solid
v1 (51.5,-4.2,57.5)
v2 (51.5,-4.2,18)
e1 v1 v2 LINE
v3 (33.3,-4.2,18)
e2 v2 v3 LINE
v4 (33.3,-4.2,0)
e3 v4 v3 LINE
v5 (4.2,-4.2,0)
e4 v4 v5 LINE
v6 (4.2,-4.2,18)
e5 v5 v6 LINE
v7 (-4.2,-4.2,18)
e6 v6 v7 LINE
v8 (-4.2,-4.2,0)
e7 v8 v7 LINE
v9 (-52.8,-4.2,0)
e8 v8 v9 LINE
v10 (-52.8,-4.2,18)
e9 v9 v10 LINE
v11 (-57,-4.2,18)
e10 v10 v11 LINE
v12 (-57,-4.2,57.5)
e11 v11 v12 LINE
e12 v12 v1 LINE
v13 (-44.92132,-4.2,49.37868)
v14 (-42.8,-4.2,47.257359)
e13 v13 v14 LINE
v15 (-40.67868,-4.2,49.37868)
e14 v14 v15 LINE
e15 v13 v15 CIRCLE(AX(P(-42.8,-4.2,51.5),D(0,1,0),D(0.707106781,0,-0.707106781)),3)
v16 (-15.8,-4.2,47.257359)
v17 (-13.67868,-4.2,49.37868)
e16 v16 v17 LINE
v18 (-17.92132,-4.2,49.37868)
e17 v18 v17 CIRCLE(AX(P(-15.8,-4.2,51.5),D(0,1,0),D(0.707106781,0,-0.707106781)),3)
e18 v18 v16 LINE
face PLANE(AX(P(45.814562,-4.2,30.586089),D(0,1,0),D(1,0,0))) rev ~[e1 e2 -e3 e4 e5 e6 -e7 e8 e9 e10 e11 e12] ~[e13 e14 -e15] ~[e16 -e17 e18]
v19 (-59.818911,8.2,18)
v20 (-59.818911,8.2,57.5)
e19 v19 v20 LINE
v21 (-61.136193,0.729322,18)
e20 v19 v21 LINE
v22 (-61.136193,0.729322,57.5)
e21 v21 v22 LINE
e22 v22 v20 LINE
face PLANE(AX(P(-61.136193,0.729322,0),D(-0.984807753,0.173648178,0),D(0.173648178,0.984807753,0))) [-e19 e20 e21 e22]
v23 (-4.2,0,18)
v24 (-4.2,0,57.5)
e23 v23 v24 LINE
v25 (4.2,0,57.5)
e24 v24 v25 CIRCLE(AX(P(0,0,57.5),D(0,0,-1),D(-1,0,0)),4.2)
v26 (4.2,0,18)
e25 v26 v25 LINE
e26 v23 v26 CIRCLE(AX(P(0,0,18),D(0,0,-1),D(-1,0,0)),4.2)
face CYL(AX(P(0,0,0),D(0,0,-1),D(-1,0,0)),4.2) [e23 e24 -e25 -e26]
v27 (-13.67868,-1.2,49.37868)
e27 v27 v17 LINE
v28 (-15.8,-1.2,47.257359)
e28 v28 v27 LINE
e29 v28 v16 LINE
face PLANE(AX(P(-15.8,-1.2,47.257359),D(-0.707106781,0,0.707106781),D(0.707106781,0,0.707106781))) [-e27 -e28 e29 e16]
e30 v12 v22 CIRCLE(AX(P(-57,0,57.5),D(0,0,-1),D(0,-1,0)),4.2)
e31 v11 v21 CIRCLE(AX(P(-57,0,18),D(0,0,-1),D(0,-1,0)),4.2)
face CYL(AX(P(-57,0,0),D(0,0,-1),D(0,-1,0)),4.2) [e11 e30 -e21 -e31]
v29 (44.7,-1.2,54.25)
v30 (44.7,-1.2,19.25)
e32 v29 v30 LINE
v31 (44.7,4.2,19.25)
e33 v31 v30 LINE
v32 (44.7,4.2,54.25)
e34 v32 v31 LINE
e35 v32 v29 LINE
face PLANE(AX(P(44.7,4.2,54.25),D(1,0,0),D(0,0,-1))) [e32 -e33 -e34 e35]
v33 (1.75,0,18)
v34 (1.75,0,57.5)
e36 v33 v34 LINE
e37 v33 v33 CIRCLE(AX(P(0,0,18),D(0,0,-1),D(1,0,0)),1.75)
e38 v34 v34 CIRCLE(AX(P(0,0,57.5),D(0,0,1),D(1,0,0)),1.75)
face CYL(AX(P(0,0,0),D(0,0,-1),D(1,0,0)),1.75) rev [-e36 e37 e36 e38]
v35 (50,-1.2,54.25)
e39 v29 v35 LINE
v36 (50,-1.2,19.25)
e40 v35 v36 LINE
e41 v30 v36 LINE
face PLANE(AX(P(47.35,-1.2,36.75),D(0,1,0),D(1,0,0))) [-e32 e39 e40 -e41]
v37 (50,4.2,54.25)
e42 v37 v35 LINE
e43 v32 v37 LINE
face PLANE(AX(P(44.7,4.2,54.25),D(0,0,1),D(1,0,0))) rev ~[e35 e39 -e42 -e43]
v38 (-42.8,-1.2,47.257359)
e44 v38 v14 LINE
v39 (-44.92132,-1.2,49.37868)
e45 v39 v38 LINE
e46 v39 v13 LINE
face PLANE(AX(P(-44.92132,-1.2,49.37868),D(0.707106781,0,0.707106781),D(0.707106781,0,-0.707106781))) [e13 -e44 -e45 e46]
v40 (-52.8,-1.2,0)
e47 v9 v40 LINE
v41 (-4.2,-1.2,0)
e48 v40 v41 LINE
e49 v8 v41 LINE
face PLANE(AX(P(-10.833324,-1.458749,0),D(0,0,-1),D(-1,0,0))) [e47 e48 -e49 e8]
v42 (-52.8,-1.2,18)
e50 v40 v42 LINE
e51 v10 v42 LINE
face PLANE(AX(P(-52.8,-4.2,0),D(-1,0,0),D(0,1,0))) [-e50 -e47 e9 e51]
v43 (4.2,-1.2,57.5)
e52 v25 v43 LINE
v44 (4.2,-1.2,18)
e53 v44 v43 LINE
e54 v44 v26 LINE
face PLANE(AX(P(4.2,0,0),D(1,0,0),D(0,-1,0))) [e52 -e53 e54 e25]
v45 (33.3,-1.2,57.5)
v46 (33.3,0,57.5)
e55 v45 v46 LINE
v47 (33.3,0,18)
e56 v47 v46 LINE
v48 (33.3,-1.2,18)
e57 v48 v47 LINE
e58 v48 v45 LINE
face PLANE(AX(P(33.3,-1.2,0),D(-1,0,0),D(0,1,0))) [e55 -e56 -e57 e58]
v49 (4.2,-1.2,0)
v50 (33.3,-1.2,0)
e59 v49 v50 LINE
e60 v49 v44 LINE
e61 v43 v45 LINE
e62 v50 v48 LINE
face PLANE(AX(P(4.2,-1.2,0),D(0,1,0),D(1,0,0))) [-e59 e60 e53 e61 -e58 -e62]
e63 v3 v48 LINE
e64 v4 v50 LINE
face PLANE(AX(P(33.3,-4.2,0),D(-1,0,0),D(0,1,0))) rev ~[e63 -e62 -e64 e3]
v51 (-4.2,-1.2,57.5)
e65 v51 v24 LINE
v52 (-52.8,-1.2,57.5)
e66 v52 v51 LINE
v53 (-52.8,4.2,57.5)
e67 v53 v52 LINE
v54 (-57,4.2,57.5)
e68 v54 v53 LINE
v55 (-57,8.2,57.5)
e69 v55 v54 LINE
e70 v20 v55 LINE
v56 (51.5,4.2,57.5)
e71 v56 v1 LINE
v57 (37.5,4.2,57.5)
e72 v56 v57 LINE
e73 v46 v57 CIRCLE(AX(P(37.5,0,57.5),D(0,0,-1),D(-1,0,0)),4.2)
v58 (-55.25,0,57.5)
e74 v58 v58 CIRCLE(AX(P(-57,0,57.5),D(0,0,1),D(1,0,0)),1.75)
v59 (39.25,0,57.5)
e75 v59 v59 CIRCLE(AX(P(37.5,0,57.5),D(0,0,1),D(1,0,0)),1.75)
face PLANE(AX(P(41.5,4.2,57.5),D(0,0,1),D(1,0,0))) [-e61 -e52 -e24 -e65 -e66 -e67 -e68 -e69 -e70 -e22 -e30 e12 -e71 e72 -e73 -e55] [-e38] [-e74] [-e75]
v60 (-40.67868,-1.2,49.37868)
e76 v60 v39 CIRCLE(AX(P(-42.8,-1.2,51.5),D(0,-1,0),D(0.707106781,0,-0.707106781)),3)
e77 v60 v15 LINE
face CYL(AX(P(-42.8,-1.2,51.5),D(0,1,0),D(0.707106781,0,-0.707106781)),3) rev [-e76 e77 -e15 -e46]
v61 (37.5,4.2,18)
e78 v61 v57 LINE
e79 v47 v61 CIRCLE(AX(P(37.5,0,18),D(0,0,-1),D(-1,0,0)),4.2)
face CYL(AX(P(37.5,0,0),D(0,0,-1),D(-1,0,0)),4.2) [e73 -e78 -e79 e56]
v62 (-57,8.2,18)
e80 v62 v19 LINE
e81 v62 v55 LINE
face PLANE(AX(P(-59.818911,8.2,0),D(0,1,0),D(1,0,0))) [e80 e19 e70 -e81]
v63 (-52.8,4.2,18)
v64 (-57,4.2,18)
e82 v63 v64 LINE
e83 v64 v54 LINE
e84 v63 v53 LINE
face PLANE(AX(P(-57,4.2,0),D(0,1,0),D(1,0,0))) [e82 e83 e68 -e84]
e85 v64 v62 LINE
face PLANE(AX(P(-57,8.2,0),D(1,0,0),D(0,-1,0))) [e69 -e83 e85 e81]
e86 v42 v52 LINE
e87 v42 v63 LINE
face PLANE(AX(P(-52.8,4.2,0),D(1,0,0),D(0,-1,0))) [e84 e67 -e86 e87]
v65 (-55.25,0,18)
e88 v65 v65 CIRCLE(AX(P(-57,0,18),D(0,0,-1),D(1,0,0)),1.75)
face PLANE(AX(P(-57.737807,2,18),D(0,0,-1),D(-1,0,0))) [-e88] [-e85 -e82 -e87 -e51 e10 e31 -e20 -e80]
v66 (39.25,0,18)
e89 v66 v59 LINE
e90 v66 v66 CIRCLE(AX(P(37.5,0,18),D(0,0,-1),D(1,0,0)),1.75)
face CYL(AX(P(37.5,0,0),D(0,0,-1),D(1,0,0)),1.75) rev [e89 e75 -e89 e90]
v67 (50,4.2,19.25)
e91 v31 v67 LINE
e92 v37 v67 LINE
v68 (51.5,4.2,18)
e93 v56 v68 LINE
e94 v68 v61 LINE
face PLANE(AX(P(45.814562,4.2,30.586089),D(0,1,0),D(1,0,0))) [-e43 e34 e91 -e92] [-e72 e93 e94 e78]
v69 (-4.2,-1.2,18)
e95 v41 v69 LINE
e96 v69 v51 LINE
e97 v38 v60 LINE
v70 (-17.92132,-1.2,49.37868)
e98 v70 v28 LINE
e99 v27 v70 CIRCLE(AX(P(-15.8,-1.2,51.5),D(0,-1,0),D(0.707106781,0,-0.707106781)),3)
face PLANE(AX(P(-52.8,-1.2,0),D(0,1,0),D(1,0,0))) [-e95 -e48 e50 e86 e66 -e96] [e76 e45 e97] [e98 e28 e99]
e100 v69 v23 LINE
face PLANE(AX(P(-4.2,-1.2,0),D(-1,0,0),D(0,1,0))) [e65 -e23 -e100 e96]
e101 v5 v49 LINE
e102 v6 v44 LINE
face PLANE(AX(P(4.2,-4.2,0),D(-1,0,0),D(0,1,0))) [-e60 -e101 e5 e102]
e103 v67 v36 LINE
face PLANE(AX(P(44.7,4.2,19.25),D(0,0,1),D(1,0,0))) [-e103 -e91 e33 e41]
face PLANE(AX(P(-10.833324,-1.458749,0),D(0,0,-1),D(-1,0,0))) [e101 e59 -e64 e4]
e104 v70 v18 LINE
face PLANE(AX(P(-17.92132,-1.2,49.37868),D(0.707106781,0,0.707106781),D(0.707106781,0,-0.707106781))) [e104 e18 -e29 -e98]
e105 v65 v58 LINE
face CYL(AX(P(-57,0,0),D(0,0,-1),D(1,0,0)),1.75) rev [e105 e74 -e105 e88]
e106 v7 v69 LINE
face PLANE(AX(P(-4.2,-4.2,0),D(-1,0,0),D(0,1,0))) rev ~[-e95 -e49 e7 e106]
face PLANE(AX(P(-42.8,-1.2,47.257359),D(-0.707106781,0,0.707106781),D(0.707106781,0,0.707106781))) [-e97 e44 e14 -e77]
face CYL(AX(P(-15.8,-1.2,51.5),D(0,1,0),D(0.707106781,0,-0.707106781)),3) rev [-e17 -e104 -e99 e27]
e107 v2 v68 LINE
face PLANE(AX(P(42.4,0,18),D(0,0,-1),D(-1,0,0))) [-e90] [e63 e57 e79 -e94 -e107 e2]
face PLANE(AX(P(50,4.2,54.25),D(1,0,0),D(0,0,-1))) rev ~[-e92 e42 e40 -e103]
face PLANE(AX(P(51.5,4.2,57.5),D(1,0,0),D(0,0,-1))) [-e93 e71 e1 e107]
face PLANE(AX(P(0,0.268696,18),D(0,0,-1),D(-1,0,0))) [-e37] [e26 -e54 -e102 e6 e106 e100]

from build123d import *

# Parameters (mm, degrees)
SKETCH1_R           = 1.75
BOSS_EXTRUDE1_DEPTH = 57.5
BOSS_EXTRUDE2_DEPTH = 8.4
SKETCH3_W           = 5.3
SKETCH3_H           = 35
CUT_EXTRUDE1_DEPTH  = 5.4
CUT_EXTRUDE2_DEPTH  = 85.49881656
SKETCH5_W           = 18.2
SKETCH5_H           = 8.4
SKETCH5_W_2         = 8.4
SKETCH5_H_2         = 8.937392322
SKETCH5_W_3         = 9.875614017
SKETCH5_H_3         = 12.4
CUT_EXTRUDE3_DEPTH  = 18
LPATTERN1_COUNT     = 2
LPATTERN1_PITCH     = 27


with BuildPart() as part:
    # Sketch1 → Boss-Extrude1 (new body)
    with BuildSketch(Plane.XY):
        with BuildLine():
            Line((-52.8, -1.2), (-4.2, -1.2))
            Line((-4.2, -1.2), (-4.2, 0))
            ThreePointArc((-4.2, 0), (0, 4.2), (4.2, 0))
            Line((4.2, 0), (4.2, -1.2))
            Line((4.2, -1.2), (33.3, -1.2))
            Line((33.3, -1.2), (33.3, 0))
            ThreePointArc((33.3, 0), (34.530151519, 2.969848481), (37.5, 4.2))
            Line((37.5, 4.2), (41.5, 4.2))
            Line((41.5, 4.2), (41.5, -4.2))
            Line((41.5, -4.2), (-57, -4.2))
            ThreePointArc((-57, -4.2), (-60.217386661, -2.699707961), (-61.136192563, 0.729322346))
            Line((-61.136192563, 0.729322346), (-59.818910528, 8.2))
            Line((-59.818910528, 8.2), (-57, 8.2))
            Line((-57, 8.2), (-57, 4.2))
            Line((-57, 4.2), (-52.8, 4.2))
            Line((-52.8, 4.2), (-52.8, -1.2))
        make_face()
        Circle(SKETCH1_R, mode=Mode.SUBTRACT)
        with Locations((-57, 0)):
            Circle(SKETCH1_R, mode=Mode.SUBTRACT)
        with Locations((37.5, 0)):
            Circle(SKETCH1_R, mode=Mode.SUBTRACT)
    extrude(amount=BOSS_EXTRUDE1_DEPTH)

    # Sketch2 → Boss-Extrude2 (add)
    with BuildSketch(Plane(origin=(0, 4.2, 0), x_dir=(1, 0, 0), z_dir=(0, 1, 0))):
        Polygon((41.5, -57.5), (51.5, -57.5), (51.5, -17.5), (41.5, 0), align=None)
    extrude(amount=-BOSS_EXTRUDE2_DEPTH)

    # Sketch3 → Cut-Extrude1 (cut)
    with BuildSketch(Plane(origin=(0, 4.2, 0), x_dir=(1, 0, 0), z_dir=(0, 1, 0))):
        with Locations((47.35, -36.75)):
            Rectangle(SKETCH3_W, SKETCH3_H)
    extrude(amount=-CUT_EXTRUDE1_DEPTH, mode=Mode.SUBTRACT)

    # Sketch4 → Cut-Extrude2 (cut, through all)
    with BuildSketch(Plane(origin=(0, -1.2, 0), x_dir=(1, 0, 0), z_dir=(0, 1, 0))):
        with BuildLine():
            Line((-44.921320344, -49.378679656), (-42.8, -47.257359313))
            Line((-42.8, -47.257359313), (-40.678679656, -49.378679656))
            ThreePointArc((-40.678679656, -49.378679656), (-42.8, -54.5), (-44.921320344, -49.378679656))
        make_face()
    cut_extrude2 = extrude(amount=-CUT_EXTRUDE2_DEPTH, mode=Mode.SUBTRACT)

    # Sketch5 → Cut-Extrude3 (cut)
    with BuildSketch(Plane(origin=(0, 0, 0), x_dir=(-1, 0, 0), z_dir=(0, 0, -1))):
        with Locations((-42.4, 0)):
            Rectangle(SKETCH5_W, SKETCH5_H)
        with Locations((0, 0.268696161)):
            Rectangle(SKETCH5_W_2, SKETCH5_H_2)
        with Locations((57.737807008, 2)):
            Rectangle(SKETCH5_W_3, SKETCH5_H_3)
    extrude(amount=-CUT_EXTRUDE3_DEPTH, mode=Mode.SUBTRACT)

    # LPattern1: Cut-Extrude2 ×2
    with Locations(*[(i * LPATTERN1_PITCH, 0, 0) for i in range(1, LPATTERN1_COUNT)]):
        add(cut_extrude2, mode=Mode.SUBTRACT)


solid = part.part
